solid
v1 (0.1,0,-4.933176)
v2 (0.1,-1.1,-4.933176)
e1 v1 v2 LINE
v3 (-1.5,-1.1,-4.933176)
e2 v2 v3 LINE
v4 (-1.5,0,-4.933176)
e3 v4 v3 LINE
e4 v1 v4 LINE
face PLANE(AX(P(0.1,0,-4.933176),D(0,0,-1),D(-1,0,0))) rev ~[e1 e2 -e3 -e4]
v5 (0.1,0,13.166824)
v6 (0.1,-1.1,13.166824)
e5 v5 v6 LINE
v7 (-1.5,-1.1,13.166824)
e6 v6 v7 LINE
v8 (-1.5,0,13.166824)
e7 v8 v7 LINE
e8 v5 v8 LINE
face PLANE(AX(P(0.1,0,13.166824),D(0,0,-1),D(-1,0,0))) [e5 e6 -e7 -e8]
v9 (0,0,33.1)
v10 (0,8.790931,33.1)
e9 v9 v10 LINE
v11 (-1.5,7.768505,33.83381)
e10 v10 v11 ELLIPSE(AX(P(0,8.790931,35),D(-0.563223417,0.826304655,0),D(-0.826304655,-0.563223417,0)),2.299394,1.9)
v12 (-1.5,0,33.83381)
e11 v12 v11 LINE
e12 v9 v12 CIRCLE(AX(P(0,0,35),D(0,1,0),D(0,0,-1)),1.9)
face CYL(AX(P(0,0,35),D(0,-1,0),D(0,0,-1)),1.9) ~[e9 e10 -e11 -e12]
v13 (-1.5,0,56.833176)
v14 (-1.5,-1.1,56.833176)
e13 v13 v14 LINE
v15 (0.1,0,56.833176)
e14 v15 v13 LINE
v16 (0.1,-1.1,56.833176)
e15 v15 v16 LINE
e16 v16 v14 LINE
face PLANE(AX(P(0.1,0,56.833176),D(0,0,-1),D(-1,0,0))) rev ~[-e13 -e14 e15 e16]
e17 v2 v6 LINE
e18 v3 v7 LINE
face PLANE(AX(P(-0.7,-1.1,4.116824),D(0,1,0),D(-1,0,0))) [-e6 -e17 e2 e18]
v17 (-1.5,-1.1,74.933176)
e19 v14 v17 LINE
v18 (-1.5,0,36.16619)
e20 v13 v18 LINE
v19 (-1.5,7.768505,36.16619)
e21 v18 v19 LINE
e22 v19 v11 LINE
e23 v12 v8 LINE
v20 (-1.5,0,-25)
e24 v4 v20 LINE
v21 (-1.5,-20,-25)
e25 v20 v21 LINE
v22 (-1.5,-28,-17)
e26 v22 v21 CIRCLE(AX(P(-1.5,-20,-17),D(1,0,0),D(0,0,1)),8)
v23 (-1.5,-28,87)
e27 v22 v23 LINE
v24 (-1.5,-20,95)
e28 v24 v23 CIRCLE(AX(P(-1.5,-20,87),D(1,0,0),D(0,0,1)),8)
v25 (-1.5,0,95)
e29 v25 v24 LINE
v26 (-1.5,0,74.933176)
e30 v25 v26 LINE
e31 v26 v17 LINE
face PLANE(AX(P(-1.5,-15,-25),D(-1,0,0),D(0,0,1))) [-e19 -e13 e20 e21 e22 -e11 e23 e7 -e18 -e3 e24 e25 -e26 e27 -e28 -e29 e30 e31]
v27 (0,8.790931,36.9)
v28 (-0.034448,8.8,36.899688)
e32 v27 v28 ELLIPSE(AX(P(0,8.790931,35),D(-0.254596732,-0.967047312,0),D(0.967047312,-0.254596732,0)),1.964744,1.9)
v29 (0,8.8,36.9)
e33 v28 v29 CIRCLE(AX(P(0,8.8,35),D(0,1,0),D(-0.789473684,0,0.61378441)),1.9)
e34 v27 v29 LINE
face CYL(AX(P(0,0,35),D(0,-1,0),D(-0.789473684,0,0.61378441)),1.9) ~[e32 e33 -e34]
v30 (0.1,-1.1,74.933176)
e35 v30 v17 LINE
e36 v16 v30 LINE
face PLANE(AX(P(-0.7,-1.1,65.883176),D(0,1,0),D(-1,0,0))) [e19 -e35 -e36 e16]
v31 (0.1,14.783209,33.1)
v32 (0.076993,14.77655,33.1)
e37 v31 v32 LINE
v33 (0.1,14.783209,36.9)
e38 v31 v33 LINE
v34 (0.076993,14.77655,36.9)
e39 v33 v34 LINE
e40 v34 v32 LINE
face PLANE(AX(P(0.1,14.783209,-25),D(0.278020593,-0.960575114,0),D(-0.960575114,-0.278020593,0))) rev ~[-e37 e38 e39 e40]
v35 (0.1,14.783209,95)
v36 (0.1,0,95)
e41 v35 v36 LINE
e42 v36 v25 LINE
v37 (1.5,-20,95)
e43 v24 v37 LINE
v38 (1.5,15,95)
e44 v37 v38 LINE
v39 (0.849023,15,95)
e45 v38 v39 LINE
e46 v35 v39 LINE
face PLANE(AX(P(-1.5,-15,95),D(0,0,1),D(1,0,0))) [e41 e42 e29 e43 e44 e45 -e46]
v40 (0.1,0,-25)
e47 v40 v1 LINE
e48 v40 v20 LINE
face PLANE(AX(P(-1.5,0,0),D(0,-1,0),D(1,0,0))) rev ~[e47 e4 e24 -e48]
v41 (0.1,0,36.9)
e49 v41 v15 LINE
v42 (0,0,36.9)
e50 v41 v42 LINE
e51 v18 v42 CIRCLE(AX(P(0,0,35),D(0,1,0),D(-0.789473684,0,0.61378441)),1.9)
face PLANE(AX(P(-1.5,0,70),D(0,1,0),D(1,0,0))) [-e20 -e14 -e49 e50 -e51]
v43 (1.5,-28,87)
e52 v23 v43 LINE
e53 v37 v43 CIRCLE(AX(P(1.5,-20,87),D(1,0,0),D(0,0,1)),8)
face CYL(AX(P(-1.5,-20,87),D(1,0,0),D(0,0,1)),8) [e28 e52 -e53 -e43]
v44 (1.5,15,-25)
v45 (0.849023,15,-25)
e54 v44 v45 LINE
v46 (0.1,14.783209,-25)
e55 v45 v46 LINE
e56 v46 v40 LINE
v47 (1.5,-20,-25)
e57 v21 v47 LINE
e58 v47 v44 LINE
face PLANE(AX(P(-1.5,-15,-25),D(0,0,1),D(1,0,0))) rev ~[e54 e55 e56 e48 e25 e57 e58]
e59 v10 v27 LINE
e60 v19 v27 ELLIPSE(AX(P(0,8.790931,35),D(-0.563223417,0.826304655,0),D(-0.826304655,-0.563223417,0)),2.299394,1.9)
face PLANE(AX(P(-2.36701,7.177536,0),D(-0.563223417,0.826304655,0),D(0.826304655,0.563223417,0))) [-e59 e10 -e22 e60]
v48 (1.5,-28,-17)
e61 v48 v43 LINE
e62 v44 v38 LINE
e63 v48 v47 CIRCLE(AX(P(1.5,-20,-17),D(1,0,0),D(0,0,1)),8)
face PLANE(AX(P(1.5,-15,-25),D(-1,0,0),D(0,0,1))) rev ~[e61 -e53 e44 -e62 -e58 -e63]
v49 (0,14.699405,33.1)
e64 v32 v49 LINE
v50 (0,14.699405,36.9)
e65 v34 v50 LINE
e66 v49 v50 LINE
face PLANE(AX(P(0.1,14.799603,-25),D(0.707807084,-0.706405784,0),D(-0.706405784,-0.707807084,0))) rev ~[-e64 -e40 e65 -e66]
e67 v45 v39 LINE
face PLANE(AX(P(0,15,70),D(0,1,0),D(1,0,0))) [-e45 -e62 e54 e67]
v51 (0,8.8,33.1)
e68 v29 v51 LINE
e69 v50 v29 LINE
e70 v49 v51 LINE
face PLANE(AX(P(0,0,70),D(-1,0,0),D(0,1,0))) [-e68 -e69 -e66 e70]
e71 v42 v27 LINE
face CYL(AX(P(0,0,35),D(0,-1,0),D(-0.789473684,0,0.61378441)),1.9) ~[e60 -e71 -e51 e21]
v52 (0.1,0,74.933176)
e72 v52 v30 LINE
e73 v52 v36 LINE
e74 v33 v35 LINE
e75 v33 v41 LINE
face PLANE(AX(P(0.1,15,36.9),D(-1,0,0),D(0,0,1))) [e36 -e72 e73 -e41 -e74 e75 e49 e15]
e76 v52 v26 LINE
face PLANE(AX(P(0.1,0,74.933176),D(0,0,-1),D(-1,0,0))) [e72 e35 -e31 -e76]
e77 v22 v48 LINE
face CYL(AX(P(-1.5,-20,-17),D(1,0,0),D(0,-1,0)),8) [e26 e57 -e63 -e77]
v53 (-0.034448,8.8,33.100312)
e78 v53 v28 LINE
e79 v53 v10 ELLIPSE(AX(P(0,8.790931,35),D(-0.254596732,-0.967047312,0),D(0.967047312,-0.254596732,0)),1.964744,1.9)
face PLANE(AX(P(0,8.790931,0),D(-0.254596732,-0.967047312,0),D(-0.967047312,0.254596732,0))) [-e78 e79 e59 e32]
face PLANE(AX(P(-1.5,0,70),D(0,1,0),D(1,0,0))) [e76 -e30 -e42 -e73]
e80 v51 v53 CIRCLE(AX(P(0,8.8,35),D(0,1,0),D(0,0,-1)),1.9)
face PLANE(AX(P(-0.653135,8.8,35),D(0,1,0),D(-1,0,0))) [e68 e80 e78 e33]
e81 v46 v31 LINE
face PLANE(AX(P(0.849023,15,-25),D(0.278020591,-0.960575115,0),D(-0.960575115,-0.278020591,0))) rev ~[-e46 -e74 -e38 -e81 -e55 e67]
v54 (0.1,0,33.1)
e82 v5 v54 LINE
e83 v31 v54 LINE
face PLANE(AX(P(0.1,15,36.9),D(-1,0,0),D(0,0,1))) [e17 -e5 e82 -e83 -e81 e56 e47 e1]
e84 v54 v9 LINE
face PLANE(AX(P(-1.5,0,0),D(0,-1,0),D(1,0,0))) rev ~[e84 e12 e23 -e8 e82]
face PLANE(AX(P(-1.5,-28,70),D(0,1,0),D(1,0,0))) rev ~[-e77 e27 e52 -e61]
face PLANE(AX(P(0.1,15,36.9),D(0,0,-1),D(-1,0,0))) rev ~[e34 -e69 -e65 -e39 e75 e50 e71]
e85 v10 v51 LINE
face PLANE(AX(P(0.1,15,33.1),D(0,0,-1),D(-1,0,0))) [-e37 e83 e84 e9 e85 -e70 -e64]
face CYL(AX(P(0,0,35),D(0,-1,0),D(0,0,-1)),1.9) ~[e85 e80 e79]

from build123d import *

# Parameters (mm, degrees)
F0_W      = 3
F0_H      = 30
F1_DEPTH  = 70
F2_W      = 1.5
F2_H      = 15
F3_DEPTH  = 70
F5_DEPTH  = 8.8
F6_DEPTH  = 25
F7_DEPTH  = 25
F8_DEPTH  = 13
F9_W      = 0.1
F9_H      = 58.1
F10_DEPTH = 15
F12_DEPTH = 130
F14_DEPTH = 130
F15_R     = 8
F17_W     = 1.6
F17_H     = 18.1
F16_W     = 1.6
F16_H     = 18.1
F18_DEPTH = 1.1
F20_DEPTH = 44.7


with BuildPart() as f1:
    # F0 (on Top) → F1 (new body)
    with BuildSketch(Plane.XY):
        Rectangle(F0_W, F0_H)
    extrude(amount=F1_DEPTH)

    # F2 (on face) → F3 (cut)
    with BuildSketch(Plane.XY.offset(70)):
        with Locations((-0.75, 7.5)):
            Rectangle(F2_W, F2_H)
    extrude(amount=-F3_DEPTH, mode=Mode.SUBTRACT)

    # F4 (on face) → F5 (join)
    with BuildSketch(Plane(origin=(0, 0, 0), x_dir=(-1, 0, 0), z_dir=(0, 1, 0))):
        with BuildLine():
            Line((1.5, 33.833809621), (1.5, 36.166190379))
            ThreePointArc((1.5, 36.166190379), (0.8349366084, 36.7067163971), (0, 36.9))
            Line((0, 36.9), (0, 33.1))
            ThreePointArc((0, 33.1), (0.8349366084, 33.2932836029), (1.5, 33.833809621))
        make_face()
    extrude(amount=F5_DEPTH)

    # F6 (add): a face of the model
    f6_faces = [f1.faces().sort_by_distance(p)[0] for p in [
        (0.25, -2.5, 0),
    ]]
    extrude(f6_faces, amount=F6_DEPTH)

    # F7 (add): a face of the model
    f7_faces = [f1.faces().sort_by_distance(p)[0] for p in [
        (0.25, -2.5, 70),
    ]]
    extrude(f7_faces, amount=F7_DEPTH)

    # F8 (add): a face of the model
    f8_faces = [f1.faces().sort_by_distance(p)[0] for p in [
        (0, -15, 35),
    ]]
    extrude(f8_faces, amount=F8_DEPTH)

    # F9 (on face) → F10 (cut)
    with BuildSketch(Plane(origin=(0, 15, 0), x_dir=(-1, 0, 0), z_dir=(0, 1, 0))):
        with Locations((-0.05, 65.95)):
            Rectangle(F9_W, F9_H)
        with Locations((-0.05, 4.05)):
            Rectangle(F9_W, F9_H)
    extrude(amount=-F10_DEPTH, mode=Mode.SUBTRACT)

    # F11 (on face) → F12 (cut)
    with BuildSketch(Plane(origin=(0, 0, -25), x_dir=(1, 0, 0), z_dir=(0, 0, -1))):
        Polygon((-1.7338935286, -15.3450844809), (0.3, -15), (0.1, -15), (0.1, -14.7996032594), (-1.6308530467, -13.0653167143), align=None)
    extrude(amount=-F12_DEPTH, mode=Mode.SUBTRACT)

    # F13 (on face) → F14 (cut)
    with BuildSketch(Plane(origin=(0, 0, -25), x_dir=(1, 0, 0), z_dir=(0, 0, -1))):
        Polygon((0.1, -14.7832093728), (0.0735654176, -14.7755583748), (-0.2710041881, -15.1656661183), (0.654931704, -15.2749568224), (1.0070909047, -15.0457499549), (0.8490225115, -15), (0.1, -15), align=None)
        Polygon((0.8490225115, -15), (0.1, -14.7832093728), (0.1, -15), align=None)
    extrude(amount=-F14_DEPTH, mode=Mode.SUBTRACT)

    # F15
    f15_edges = [f1.edges().sort_by_distance(p)[0] for p in [
        (0, -28, 95),
        (0, -28, -25),
    ]]
    fillet(f15_edges, radius=F15_R)

    # F17 (on face) + F16 (on face) → F18 (cut)
    with BuildSketch(Plane(origin=(0, 0, 0), x_dir=(-1, 0, 0), z_dir=(0, 1, 0))):
        with Locations((0.7, 4.1168239134)):
            Rectangle(F17_W, F17_H)
    with BuildSketch(Plane(origin=(0, 0, 0), x_dir=(-1, 0, 0), z_dir=(0, 1, 0))):
        with Locations((0.7, 65.8831760866)):
            Rectangle(F16_W, F16_H)
    extrude(amount=-F18_DEPTH, mode=Mode.SUBTRACT)

    # F19 (on Top) → F20 (cut)
    with BuildSketch(Plane.XY):
        Polygon((-4.6543548815, 8.3620538935), (-2.3670103401, 7.1775359102), (0, 8.7909307331), (-4.6543548815, 10.0162932649), align=None)
    extrude(amount=F20_DEPTH, mode=Mode.SUBTRACT)


solid = f1.part
